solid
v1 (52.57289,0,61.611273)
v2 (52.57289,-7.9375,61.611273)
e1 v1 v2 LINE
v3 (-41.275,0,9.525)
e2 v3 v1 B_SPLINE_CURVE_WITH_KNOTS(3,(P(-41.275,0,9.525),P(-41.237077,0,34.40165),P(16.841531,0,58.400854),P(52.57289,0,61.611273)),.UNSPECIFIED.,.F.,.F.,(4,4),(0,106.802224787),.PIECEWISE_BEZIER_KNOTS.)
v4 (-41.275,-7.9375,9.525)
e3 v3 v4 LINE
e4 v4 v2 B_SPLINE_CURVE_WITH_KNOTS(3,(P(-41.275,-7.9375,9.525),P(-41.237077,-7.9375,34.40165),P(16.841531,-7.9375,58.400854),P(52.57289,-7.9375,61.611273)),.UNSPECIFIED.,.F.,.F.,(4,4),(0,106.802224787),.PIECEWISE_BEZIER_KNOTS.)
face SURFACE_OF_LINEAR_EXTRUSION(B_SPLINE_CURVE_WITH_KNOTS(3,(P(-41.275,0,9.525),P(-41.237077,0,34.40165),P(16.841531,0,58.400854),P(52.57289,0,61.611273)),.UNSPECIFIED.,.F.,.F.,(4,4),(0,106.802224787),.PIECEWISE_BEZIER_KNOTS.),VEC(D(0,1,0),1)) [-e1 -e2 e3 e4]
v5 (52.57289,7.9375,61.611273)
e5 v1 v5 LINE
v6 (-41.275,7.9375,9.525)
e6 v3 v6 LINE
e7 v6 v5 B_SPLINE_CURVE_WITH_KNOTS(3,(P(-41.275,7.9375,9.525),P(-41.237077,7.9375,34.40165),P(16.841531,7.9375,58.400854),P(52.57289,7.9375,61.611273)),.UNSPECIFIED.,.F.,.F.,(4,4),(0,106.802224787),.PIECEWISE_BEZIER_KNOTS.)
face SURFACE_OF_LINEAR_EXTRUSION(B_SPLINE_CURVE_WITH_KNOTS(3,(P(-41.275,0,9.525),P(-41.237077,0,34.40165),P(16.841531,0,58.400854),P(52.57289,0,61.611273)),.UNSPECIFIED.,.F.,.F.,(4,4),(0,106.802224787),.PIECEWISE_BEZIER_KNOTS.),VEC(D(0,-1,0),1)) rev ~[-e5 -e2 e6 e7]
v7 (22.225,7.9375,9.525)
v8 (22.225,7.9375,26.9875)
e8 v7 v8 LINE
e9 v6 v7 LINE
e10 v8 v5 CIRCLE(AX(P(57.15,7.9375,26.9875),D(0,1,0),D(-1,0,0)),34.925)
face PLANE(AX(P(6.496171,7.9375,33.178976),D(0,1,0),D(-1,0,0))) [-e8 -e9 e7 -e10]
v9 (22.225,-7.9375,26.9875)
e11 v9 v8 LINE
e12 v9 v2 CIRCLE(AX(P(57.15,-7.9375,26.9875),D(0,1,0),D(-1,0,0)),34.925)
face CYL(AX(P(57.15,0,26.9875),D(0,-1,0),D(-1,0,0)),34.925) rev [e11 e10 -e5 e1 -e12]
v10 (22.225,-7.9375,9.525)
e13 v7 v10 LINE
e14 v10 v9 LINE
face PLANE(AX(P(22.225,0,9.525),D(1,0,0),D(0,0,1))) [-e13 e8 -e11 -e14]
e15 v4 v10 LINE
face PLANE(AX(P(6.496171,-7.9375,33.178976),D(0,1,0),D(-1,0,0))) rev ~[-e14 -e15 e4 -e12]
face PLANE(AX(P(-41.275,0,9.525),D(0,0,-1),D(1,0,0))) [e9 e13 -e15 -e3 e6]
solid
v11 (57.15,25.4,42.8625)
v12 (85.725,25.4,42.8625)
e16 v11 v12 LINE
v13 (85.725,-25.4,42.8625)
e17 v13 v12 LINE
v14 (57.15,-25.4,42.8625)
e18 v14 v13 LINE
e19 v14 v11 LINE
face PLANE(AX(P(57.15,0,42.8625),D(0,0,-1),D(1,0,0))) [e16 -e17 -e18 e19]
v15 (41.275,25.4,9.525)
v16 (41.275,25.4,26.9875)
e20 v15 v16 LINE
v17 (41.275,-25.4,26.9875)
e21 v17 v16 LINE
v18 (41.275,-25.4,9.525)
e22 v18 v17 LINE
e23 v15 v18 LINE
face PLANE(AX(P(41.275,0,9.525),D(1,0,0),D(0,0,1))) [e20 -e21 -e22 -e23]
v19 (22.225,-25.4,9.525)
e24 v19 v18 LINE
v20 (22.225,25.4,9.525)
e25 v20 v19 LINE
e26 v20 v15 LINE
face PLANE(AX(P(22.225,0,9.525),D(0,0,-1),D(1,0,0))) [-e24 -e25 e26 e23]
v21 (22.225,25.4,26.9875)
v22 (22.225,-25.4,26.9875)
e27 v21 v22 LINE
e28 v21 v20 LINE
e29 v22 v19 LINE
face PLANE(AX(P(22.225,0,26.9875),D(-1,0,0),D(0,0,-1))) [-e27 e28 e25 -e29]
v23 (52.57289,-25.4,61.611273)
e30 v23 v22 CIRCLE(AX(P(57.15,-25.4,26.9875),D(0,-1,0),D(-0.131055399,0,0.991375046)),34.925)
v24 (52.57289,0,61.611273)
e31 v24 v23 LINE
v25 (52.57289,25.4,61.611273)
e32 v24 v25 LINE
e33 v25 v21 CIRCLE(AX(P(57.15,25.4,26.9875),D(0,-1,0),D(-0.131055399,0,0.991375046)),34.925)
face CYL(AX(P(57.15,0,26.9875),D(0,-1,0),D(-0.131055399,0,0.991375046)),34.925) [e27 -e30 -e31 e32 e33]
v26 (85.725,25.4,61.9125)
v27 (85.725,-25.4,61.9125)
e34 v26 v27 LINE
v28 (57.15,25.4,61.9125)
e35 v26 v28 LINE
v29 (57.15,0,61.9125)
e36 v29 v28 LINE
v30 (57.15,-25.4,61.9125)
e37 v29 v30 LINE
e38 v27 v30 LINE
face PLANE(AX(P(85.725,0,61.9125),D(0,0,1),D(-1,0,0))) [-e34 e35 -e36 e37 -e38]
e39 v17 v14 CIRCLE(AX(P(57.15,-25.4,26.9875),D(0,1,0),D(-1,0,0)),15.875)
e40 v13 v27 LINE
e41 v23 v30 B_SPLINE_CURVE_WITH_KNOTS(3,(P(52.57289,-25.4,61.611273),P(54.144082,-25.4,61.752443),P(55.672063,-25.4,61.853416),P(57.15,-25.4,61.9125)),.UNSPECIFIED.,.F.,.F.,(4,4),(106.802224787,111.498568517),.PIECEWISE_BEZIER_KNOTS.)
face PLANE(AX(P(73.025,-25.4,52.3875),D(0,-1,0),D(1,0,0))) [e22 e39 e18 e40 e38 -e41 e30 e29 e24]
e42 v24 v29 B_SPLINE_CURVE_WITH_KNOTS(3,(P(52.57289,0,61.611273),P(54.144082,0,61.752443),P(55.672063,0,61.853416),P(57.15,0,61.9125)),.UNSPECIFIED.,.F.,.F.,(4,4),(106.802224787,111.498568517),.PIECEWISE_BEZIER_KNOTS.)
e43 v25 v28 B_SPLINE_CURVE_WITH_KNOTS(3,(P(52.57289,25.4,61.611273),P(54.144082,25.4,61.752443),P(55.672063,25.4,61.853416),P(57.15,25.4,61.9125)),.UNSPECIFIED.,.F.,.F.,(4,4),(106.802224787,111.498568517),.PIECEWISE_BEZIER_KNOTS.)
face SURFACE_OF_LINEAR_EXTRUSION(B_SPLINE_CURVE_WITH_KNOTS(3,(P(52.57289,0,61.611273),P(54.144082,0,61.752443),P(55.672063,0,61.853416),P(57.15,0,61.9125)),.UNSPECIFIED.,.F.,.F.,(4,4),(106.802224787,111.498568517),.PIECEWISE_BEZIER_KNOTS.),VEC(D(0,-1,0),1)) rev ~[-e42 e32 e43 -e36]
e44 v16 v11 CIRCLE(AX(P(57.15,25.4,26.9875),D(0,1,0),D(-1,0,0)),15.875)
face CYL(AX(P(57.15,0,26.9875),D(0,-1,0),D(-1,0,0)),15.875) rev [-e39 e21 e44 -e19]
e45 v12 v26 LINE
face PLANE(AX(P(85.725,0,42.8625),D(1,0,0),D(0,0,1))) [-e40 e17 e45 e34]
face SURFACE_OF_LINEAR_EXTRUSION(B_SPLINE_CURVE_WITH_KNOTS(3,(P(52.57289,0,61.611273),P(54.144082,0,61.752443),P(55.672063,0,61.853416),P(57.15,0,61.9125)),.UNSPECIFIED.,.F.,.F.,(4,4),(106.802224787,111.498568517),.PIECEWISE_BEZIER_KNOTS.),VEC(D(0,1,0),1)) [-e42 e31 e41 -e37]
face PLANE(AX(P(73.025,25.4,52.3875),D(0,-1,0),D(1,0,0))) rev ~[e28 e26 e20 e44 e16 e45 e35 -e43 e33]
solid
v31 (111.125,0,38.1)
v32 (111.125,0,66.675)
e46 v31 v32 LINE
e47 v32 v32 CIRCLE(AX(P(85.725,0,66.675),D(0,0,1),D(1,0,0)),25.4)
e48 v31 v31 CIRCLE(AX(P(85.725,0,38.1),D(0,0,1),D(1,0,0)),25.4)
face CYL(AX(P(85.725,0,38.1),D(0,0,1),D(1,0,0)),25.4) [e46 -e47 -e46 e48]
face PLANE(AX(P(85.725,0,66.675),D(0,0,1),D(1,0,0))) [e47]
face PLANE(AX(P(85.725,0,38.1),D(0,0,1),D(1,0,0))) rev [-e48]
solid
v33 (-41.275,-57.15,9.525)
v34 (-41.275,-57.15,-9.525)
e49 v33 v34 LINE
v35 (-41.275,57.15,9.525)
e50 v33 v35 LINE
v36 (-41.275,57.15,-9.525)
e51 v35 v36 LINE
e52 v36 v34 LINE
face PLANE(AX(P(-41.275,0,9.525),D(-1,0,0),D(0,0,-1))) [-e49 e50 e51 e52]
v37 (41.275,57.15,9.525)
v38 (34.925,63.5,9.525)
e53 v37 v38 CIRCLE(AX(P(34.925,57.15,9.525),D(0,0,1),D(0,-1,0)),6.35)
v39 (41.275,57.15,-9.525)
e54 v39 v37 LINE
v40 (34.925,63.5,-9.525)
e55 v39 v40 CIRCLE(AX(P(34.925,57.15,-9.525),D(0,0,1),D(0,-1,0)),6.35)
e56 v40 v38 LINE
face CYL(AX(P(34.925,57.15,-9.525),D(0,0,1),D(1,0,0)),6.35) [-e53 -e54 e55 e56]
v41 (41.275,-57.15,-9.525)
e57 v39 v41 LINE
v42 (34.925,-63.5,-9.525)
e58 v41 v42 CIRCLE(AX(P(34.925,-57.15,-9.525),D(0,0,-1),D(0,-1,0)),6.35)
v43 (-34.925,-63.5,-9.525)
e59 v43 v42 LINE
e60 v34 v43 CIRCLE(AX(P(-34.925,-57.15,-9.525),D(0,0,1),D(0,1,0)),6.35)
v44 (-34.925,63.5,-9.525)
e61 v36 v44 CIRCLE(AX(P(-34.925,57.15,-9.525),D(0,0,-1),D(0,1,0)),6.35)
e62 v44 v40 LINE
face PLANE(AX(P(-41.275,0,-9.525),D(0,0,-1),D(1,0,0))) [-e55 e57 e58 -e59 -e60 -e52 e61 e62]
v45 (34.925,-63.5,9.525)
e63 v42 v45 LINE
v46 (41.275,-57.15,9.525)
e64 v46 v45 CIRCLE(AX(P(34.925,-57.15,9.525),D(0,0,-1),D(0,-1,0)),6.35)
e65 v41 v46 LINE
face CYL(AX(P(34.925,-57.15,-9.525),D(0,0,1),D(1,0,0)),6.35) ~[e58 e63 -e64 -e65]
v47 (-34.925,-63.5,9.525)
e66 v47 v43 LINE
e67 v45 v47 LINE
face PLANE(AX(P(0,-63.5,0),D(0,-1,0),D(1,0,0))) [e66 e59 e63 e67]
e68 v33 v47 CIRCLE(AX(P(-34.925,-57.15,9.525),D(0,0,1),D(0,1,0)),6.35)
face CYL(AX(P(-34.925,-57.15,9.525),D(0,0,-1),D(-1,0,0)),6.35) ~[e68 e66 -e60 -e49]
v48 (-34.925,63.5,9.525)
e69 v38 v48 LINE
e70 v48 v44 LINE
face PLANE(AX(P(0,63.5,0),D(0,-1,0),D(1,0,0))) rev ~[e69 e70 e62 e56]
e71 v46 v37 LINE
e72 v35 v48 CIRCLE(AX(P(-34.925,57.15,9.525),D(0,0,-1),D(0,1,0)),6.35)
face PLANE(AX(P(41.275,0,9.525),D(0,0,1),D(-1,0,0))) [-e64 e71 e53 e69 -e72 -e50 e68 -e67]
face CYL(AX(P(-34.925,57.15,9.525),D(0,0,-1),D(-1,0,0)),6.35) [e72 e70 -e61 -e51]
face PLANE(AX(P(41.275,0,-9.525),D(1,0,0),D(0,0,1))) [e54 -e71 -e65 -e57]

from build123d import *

# Parameters (mm, degrees)
F1_DEPTH = 63.5
F3_DEPTH = 7.9375
F0_W     = 25.4
F0_H     = 19.05
F4_DEPTH = 25.4
F5_R     = 6.35


with BuildPart() as f1:
    # F0 (on Front) → F1 (new body, symmetric)
    with BuildSketch(Plane.XZ):
        Polygon((22.225, 9.525), (-41.275, 9.525), (-41.275, -9.525), (41.275, -9.525), (41.275, 9.525), align=None)
    extrude(amount=F1_DEPTH, both=True)

    # F5
    f5_edges = [f1.edges().sort_by_distance(p)[0] for p in [
        (41.275, -63.5, 0),
        (-41.275, -63.5, 0),
        (41.275, 63.5, 0),
        (-41.275, 63.5, 0),
    ]]
    fillet(f5_edges, radius=F5_R)


with BuildPart() as f2:
    # F0 (on Front) → F2 (revolve)
    with BuildSketch(Plane.XZ):
        Polygon((85.725, 66.675), (85.725, 61.9125), (85.725, 42.8625), (85.725, 38.1), (111.125, 38.1), (111.125, 66.675), align=None)
    revolve(axis=Axis((85.725, 0, 52.3875), (0, 0, 1)))


with BuildPart() as f3:
    # F0 (on Front) → F3 (new body, symmetric)
    with BuildSketch(Plane.XZ):
        with BuildLine():
            add(Edge.make_bspline(
                [(-41.275, 9.525), (-41.23707723, 34.4016500287), (16.8415314076, 58.4008542063), (52.5728901925, 61.6112734918)],
                knots=[0, 0, 0, 0, 106.8022247868, 106.8022247868, 106.8022247868, 106.8022247868], degree=3))
            Line((-41.275, 9.525), (22.225, 9.525))
            Line((22.225, 9.525), (22.225, 26.9875))
            ThreePointArc((22.225, 26.9875), (30.8858496708, 50.0081436158), (52.5728901925, 61.6112734918))
        make_face()
    extrude(amount=F3_DEPTH, both=True)


with BuildPart() as f4:
    # F0 (on Front) → F4 (new body, symmetric)
    with BuildSketch(Plane.XZ):
        with Locations((73.025, 52.3875)):
            Rectangle(F0_W, F0_H)
        with BuildLine():
            Line((22.225, 26.9875), (22.225, 9.525))
            Line((22.225, 9.525), (41.275, 9.525))
            Line((41.275, 9.525), (41.275, 26.9875))
            ThreePointArc((41.275, 26.9875), (45.9246798487, 38.2128201513), (57.15, 42.8625))
            Line((57.15, 42.8625), (60.325, 42.8625))
            Line((60.325, 42.8625), (60.325, 61.9125))
            Line((60.325, 61.9125), (57.15, 61.9125))
            add(Edge.make_bspline(
                [(52.5728901925, 61.6112734918), (54.1440816458, 61.7524431398), (55.6720632016, 61.8534162861), (57.15, 61.9125)],
                knots=[106.8022247868, 106.8022247868, 106.8022247868, 106.8022247868, 111.4985685166, 111.4985685166, 111.4985685166, 111.4985685166], degree=3))
            ThreePointArc((52.5728901925, 61.6112734918), (30.8858496708, 50.0081436158), (22.225, 26.9875))
        make_face()
    extrude(amount=F4_DEPTH, both=True)


solid = Compound([f1.part, f2.part, f3.part, f4.part])
